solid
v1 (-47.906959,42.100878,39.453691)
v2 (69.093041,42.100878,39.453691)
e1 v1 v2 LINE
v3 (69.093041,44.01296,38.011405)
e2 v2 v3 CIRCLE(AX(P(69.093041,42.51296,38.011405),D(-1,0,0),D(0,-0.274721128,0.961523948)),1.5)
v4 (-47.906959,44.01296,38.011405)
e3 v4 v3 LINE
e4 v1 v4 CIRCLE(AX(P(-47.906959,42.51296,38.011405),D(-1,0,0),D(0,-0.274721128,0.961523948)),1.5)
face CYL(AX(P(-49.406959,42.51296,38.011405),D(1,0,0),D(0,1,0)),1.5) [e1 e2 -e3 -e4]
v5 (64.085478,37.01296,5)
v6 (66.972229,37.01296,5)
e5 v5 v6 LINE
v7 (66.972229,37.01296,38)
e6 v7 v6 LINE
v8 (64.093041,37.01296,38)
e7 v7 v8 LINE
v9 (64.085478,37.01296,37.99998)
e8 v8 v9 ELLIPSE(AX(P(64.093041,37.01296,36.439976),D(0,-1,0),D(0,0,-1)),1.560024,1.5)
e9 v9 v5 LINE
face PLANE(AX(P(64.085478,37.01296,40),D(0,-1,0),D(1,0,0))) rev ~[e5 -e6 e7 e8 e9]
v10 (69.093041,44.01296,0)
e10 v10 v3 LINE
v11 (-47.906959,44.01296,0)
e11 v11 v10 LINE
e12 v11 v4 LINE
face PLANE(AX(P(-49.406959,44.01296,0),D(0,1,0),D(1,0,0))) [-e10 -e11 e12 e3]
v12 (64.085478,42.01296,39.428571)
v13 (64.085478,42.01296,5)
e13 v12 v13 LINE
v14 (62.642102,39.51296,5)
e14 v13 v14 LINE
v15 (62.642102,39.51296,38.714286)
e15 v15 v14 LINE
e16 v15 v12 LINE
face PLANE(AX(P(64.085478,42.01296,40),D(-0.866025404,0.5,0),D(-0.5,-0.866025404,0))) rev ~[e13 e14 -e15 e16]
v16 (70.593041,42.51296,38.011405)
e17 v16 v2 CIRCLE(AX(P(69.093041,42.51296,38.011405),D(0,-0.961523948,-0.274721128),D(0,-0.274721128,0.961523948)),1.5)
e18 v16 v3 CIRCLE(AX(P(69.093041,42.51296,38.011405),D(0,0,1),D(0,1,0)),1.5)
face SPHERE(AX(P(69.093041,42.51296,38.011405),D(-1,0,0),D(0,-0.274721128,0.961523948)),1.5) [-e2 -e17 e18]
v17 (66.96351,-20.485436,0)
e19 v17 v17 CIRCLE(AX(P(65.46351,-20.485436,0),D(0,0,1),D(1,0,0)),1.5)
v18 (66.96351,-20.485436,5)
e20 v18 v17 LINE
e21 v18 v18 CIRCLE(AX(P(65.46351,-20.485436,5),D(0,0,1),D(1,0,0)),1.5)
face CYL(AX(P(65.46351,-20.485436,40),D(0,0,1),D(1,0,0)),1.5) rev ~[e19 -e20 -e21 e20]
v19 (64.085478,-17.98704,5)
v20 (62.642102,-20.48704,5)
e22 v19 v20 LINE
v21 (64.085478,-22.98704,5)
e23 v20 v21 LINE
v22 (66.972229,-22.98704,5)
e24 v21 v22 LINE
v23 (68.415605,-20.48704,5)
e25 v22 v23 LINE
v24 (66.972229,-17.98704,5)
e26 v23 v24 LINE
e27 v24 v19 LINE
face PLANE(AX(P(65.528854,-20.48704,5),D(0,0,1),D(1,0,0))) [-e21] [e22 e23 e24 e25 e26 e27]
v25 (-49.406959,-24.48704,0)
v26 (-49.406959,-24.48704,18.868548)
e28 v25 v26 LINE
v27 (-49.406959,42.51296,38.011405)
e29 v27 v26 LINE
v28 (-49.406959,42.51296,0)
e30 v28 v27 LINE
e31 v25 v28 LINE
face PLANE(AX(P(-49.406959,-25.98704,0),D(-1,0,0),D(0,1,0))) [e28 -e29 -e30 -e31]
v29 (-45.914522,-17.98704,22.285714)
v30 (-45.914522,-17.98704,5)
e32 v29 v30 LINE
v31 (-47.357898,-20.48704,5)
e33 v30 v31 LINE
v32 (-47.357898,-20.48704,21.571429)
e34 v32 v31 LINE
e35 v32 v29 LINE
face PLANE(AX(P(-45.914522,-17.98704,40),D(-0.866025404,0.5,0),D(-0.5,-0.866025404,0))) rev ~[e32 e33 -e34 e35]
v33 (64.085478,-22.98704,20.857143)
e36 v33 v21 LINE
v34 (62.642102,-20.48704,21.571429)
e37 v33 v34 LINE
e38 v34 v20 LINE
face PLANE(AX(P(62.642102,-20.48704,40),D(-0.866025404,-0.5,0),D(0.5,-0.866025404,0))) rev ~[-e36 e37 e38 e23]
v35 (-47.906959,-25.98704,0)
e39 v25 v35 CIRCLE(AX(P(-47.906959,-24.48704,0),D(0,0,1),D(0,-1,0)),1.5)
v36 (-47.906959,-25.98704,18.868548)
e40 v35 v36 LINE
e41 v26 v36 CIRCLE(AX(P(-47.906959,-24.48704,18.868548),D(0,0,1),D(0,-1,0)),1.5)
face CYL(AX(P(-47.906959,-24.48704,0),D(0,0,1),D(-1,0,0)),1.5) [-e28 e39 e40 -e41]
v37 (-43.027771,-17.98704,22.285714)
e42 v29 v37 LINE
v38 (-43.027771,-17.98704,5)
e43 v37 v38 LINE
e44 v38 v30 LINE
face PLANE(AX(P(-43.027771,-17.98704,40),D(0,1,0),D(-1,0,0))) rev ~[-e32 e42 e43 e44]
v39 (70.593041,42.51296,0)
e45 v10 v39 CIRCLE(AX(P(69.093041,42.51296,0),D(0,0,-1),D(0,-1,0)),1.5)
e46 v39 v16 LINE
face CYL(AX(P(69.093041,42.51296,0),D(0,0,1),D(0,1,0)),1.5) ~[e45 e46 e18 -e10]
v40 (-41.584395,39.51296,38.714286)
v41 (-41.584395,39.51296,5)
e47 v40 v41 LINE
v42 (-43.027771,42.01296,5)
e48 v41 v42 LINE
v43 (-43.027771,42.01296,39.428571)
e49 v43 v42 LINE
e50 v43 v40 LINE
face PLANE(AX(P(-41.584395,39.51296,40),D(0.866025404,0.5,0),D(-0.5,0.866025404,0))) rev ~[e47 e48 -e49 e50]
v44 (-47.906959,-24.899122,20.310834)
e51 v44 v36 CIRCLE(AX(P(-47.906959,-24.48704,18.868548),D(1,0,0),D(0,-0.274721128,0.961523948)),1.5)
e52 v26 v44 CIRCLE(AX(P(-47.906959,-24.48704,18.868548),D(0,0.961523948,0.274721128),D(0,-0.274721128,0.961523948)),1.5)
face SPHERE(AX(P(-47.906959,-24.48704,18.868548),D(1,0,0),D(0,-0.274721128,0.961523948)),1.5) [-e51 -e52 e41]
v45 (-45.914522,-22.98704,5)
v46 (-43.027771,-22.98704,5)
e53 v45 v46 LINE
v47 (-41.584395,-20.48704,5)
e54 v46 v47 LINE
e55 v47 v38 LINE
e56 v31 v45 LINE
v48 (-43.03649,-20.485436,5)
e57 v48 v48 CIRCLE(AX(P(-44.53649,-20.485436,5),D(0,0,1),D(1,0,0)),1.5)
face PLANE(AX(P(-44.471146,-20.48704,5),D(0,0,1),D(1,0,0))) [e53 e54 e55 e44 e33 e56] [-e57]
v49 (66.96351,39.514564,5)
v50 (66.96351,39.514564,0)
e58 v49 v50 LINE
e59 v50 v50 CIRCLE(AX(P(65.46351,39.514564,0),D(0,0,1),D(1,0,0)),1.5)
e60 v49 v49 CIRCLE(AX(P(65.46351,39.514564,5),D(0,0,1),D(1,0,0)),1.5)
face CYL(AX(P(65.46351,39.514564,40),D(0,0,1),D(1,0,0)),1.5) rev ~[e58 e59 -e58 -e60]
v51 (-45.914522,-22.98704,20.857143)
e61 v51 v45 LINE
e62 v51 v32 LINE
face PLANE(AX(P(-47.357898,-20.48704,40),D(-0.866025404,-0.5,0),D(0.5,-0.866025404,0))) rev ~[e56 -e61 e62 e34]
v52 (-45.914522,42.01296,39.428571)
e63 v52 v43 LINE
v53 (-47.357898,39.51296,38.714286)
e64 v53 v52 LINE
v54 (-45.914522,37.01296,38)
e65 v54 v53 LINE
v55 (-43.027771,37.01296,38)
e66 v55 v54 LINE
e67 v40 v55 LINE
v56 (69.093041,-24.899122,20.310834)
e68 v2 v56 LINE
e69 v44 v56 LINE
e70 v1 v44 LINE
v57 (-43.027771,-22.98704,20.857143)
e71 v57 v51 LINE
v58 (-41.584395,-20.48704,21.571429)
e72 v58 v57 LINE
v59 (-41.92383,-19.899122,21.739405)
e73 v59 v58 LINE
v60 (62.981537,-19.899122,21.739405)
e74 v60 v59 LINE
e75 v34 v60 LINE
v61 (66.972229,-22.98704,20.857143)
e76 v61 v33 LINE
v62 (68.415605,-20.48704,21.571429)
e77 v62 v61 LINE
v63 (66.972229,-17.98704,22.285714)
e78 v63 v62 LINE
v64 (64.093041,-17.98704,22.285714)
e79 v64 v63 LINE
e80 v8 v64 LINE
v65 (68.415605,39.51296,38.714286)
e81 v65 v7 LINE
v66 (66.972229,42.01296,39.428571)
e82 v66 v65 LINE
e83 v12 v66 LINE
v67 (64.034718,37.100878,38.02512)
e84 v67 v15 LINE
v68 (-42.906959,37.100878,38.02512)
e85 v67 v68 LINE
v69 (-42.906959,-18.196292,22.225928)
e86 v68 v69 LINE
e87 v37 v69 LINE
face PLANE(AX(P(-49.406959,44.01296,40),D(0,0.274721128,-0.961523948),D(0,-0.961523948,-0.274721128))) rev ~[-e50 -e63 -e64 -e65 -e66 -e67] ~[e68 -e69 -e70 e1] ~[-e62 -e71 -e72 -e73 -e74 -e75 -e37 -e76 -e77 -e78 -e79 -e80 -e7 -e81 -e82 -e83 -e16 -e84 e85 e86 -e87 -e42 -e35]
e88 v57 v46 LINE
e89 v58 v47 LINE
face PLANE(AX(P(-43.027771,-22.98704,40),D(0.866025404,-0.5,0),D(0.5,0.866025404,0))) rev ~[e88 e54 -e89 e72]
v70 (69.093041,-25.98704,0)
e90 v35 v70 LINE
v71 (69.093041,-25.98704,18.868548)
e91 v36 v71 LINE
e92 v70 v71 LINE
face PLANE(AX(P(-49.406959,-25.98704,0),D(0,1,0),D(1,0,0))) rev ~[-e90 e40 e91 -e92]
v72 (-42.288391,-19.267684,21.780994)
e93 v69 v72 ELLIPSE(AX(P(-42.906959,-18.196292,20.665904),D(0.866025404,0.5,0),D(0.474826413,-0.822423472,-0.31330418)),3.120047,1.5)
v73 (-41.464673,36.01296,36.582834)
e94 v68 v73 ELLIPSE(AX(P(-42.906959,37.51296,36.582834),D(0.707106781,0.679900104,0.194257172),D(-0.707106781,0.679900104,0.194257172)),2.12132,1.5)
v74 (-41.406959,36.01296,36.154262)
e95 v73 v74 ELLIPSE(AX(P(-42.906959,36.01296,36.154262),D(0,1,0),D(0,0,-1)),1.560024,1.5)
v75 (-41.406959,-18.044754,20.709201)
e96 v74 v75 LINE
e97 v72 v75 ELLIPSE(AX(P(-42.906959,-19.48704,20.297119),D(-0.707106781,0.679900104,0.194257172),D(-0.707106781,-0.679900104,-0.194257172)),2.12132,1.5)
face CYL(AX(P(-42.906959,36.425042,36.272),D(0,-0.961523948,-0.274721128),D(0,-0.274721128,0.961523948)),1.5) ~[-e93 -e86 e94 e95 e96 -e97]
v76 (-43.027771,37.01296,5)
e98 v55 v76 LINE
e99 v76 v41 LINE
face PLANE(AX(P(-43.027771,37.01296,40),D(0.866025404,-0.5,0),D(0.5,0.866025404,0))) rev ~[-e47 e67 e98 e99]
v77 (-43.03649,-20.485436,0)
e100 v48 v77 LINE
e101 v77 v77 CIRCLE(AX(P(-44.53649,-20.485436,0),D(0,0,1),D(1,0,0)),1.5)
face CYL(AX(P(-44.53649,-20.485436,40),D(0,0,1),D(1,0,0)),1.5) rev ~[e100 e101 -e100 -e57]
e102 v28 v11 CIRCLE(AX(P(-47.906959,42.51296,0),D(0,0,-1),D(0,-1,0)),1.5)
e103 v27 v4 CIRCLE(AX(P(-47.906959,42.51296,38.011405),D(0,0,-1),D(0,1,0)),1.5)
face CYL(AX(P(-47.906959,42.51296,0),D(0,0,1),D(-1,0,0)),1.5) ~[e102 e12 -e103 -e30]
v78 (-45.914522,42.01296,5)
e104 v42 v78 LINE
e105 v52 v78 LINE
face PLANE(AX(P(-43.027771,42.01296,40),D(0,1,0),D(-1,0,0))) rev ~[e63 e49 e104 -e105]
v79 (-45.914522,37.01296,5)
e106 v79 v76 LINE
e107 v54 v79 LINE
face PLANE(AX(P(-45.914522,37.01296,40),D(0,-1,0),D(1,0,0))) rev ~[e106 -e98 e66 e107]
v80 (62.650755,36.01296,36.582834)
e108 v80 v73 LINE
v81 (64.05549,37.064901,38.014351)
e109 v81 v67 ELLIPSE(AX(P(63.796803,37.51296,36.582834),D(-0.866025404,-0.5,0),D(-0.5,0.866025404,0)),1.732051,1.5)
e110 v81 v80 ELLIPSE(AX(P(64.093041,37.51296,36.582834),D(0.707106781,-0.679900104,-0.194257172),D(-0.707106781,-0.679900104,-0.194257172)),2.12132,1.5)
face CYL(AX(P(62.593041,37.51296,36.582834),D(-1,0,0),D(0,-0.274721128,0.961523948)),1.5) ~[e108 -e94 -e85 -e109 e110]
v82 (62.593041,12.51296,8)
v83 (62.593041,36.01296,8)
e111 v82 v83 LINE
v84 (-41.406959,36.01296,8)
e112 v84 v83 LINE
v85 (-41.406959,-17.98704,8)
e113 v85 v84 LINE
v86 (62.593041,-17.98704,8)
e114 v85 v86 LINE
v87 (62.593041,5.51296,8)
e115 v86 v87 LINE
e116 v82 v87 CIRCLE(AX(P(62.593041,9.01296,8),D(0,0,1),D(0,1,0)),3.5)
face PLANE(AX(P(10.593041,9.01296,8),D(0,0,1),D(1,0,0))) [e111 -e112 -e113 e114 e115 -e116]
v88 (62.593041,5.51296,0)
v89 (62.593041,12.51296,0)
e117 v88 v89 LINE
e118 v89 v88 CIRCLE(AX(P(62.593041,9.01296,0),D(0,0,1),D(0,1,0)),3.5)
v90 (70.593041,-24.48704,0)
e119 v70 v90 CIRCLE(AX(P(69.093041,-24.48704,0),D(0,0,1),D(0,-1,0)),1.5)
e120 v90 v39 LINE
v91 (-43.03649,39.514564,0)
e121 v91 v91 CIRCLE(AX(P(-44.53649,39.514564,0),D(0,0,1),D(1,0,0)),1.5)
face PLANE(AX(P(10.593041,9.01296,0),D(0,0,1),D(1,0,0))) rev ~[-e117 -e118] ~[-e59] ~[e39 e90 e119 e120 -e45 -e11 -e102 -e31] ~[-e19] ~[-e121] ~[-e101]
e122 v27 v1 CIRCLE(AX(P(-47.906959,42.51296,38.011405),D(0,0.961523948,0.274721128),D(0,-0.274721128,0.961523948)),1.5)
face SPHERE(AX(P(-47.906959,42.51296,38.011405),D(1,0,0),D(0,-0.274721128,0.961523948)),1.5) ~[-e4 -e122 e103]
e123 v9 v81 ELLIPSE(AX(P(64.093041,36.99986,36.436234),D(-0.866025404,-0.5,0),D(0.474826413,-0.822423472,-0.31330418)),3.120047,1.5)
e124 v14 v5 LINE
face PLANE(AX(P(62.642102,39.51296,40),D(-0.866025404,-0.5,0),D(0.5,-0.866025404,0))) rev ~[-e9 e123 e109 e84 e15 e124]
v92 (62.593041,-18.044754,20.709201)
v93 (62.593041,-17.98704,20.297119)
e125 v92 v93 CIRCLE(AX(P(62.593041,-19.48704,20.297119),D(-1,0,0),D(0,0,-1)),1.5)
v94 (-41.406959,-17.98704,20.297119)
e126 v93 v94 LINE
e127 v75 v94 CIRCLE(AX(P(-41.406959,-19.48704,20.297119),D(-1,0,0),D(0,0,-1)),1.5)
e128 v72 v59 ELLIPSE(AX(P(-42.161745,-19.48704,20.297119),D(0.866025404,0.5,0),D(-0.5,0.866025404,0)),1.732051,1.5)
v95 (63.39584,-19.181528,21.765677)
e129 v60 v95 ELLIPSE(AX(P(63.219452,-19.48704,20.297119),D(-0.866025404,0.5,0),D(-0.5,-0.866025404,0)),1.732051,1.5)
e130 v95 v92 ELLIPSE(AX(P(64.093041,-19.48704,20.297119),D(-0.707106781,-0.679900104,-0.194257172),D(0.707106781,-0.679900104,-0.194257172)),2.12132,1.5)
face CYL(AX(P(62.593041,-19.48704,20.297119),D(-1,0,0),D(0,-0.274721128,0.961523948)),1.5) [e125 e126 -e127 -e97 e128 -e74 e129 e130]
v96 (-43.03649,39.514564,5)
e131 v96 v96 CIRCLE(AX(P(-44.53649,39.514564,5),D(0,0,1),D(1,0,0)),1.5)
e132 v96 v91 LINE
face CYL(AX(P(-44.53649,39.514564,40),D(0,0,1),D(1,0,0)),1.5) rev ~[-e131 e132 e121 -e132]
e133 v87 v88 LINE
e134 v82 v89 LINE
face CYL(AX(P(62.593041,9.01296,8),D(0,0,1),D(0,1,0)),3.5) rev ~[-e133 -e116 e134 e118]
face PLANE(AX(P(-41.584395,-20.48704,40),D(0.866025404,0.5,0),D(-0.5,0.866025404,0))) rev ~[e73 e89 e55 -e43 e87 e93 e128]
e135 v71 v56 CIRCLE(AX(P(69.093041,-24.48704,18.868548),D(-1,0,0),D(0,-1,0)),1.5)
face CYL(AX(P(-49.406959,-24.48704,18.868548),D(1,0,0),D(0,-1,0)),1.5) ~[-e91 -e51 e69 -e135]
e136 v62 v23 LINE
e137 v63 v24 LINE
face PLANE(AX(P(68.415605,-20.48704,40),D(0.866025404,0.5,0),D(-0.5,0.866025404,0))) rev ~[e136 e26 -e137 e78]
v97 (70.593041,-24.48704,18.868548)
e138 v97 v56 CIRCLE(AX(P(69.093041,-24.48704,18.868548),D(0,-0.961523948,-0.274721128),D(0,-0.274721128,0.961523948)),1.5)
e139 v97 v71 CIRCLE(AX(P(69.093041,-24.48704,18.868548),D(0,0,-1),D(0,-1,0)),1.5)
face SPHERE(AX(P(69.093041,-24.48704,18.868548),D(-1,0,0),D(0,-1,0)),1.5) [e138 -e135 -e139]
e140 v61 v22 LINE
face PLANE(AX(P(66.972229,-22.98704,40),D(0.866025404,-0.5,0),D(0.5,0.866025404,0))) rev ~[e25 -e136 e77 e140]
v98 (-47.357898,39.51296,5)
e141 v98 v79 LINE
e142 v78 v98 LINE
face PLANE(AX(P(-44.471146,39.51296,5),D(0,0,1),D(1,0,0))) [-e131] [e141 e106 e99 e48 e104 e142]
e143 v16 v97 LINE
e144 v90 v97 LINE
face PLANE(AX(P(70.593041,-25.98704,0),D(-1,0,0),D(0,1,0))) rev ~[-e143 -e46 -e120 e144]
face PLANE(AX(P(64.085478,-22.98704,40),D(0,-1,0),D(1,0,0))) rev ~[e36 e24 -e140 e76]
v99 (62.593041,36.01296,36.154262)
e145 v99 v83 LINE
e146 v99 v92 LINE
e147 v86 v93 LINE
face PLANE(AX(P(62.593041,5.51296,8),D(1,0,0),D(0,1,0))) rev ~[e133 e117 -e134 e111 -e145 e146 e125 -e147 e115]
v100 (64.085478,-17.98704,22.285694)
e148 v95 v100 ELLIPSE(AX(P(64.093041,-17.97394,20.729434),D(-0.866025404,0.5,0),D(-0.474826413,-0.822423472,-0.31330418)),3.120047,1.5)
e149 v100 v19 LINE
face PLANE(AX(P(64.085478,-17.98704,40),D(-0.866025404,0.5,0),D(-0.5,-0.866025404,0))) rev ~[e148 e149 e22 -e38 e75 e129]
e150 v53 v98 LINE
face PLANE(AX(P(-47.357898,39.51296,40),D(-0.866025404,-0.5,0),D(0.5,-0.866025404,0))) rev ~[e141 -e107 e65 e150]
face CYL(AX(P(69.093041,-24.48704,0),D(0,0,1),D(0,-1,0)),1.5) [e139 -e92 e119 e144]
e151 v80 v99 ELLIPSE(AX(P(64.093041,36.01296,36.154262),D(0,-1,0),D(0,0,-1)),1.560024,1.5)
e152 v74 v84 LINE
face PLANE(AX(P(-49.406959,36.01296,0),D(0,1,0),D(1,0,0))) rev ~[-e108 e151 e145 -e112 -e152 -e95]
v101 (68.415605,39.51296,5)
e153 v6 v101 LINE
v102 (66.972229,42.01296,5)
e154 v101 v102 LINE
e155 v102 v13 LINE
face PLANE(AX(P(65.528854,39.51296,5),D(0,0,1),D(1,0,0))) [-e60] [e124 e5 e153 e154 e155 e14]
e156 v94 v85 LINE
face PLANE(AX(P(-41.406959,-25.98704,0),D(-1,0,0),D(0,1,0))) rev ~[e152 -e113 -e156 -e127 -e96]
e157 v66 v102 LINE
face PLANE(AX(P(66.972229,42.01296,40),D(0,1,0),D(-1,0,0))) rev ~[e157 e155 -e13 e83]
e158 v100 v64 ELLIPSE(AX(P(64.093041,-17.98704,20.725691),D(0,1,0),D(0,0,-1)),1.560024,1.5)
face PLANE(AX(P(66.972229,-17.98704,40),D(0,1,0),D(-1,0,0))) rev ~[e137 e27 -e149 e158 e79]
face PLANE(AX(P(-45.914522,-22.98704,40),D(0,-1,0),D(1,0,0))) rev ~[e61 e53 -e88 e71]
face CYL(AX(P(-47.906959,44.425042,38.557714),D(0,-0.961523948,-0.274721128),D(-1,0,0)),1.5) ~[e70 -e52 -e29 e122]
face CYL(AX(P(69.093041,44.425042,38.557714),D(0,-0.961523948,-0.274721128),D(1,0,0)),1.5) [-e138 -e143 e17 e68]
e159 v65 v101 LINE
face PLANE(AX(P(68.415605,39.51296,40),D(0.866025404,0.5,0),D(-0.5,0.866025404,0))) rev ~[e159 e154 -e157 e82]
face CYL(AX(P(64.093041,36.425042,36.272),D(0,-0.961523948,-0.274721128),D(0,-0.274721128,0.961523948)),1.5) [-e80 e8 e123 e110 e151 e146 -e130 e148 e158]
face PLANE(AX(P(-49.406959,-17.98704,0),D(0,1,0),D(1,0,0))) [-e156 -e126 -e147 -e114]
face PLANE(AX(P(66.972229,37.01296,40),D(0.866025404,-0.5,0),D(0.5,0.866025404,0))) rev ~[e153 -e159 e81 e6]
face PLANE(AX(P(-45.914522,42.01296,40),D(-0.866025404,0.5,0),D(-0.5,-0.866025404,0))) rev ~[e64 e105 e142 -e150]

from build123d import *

# Parameters (mm, degrees)
F0_W      = 120
F0_H      = 70
F1_DEPTH  = 40
F3_DEPTH  = 120.001
F4_T      = -8
F5_R      = 1.5
F8_DEPTH  = 35
F9_R      = 1.5
F10_DEPTH = 40.001
F12_DEPTH = 25


with BuildPart() as f1:
    # F0 (on Top) → F1 (new body)
    with BuildSketch(Plane.XY):
        with Locations((10.593040958, 9.0129598636)):
            Rectangle(F0_W, F0_H)
    extrude(amount=F1_DEPTH)

    # F2 (on face) → F3 (cut, through all)
    with BuildSketch(Plane(origin=(-49.406959042, 0, 0), x_dir=(0, -1, 0), z_dir=(-1, 0, 0))):
        Polygon((25.9870401364, 40), (-44.0129598636, 40), (25.9870401364, 20), align=None)
    extrude(amount=-F3_DEPTH, mode=Mode.SUBTRACT)

    # F4
    f4_openings = [f1.faces().sort_by_distance(p)[0] for p in [
        (10.593041, 9.01296, 30),
    ]]
    offset(amount=F4_T, openings=f4_openings)

    # F5
    f5_edges = [f1.edges().sort_by_distance(p)[0] for p in [
        (-49.406959, -25.98704, 10),
        (-49.406959, 44.01296, 20),
        (70.593041, 44.01296, 20),
        (70.593041, -25.98704, 10),
        (10.593041, 44.01296, 40),
        (70.593041, 9.01296, 30),
        (10.593041, -25.98704, 20),
        (-49.406959, 9.01296, 30),
        (10.593041, -17.98704, 22.285714),
        (62.593041, 9.01296, 30),
        (10.593041, 36.01296, 37.714286),
        (-41.406959, 9.01296, 30),
    ]]
    fillet(f5_edges, radius=F5_R)

    # F7 (on offset) → F8 (cut)
    with BuildSketch(Plane.XY.offset(40)):
        Polygon((-43.0277708034, 37.0129598636), (-41.5843951305, 39.5129598636), (-43.0277708034, 42.0129598636), (-45.9145221494, 42.0129598636), (-47.3578978224, 39.5129598636), (-45.9145221494, 37.0129598636), align=None)
        Polygon((66.9722291966, 37.0129598636), (68.4156048695, 39.5129598636), (66.9722291966, 42.0129598636), (64.0854778506, 42.0129598636), (62.6421021776, 39.5129598636), (64.0854778506, 37.0129598636), align=None)
        Polygon((-43.0277708034, -22.9870401364), (-41.5843951305, -20.4870401364), (-43.0277708034, -17.9870401364), (-45.9145221494, -17.9870401364), (-47.3578978224, -20.4870401364), (-45.9145221494, -22.9870401364), align=None)
        Polygon((66.9722291966, -22.9870401364), (68.4156048695, -20.4870401364), (66.9722291966, -17.9870401364), (64.0854778506, -17.9870401364), (62.6421021776, -20.4870401364), (64.0854778506, -22.9870401364), align=None)
    extrude(amount=-F8_DEPTH, mode=Mode.SUBTRACT)

    # F9 (on offset) → F10 (cut, through all)
    with BuildSketch(Plane.XY.offset(40)):
        with Locations((-44.5364899848, 39.5145639777)):
            Circle(F9_R)
        with Locations((65.4635100152, 39.5145639777)):
            Circle(F9_R)
        with Locations((65.4635100152, -20.4854360223)):
            Circle(F9_R)
        with Locations((-44.5364899848, -20.4854360223)):
            Circle(F9_R)
    extrude(amount=-F10_DEPTH, mode=Mode.SUBTRACT)

    # F11 (on face) → F12 (cut)
    with BuildSketch(Plane.XY.offset(8)):
        with BuildLine():
            Line((62.593040958, 5.5129598636), (62.593040958, 12.5129598636))
            ThreePointArc((62.593040958, 12.5129598636), (59.093040958, 9.0129598636), (62.593040958, 5.5129598636))
        make_face()
    extrude(amount=-F12_DEPTH, mode=Mode.SUBTRACT)


solid = f1.part
